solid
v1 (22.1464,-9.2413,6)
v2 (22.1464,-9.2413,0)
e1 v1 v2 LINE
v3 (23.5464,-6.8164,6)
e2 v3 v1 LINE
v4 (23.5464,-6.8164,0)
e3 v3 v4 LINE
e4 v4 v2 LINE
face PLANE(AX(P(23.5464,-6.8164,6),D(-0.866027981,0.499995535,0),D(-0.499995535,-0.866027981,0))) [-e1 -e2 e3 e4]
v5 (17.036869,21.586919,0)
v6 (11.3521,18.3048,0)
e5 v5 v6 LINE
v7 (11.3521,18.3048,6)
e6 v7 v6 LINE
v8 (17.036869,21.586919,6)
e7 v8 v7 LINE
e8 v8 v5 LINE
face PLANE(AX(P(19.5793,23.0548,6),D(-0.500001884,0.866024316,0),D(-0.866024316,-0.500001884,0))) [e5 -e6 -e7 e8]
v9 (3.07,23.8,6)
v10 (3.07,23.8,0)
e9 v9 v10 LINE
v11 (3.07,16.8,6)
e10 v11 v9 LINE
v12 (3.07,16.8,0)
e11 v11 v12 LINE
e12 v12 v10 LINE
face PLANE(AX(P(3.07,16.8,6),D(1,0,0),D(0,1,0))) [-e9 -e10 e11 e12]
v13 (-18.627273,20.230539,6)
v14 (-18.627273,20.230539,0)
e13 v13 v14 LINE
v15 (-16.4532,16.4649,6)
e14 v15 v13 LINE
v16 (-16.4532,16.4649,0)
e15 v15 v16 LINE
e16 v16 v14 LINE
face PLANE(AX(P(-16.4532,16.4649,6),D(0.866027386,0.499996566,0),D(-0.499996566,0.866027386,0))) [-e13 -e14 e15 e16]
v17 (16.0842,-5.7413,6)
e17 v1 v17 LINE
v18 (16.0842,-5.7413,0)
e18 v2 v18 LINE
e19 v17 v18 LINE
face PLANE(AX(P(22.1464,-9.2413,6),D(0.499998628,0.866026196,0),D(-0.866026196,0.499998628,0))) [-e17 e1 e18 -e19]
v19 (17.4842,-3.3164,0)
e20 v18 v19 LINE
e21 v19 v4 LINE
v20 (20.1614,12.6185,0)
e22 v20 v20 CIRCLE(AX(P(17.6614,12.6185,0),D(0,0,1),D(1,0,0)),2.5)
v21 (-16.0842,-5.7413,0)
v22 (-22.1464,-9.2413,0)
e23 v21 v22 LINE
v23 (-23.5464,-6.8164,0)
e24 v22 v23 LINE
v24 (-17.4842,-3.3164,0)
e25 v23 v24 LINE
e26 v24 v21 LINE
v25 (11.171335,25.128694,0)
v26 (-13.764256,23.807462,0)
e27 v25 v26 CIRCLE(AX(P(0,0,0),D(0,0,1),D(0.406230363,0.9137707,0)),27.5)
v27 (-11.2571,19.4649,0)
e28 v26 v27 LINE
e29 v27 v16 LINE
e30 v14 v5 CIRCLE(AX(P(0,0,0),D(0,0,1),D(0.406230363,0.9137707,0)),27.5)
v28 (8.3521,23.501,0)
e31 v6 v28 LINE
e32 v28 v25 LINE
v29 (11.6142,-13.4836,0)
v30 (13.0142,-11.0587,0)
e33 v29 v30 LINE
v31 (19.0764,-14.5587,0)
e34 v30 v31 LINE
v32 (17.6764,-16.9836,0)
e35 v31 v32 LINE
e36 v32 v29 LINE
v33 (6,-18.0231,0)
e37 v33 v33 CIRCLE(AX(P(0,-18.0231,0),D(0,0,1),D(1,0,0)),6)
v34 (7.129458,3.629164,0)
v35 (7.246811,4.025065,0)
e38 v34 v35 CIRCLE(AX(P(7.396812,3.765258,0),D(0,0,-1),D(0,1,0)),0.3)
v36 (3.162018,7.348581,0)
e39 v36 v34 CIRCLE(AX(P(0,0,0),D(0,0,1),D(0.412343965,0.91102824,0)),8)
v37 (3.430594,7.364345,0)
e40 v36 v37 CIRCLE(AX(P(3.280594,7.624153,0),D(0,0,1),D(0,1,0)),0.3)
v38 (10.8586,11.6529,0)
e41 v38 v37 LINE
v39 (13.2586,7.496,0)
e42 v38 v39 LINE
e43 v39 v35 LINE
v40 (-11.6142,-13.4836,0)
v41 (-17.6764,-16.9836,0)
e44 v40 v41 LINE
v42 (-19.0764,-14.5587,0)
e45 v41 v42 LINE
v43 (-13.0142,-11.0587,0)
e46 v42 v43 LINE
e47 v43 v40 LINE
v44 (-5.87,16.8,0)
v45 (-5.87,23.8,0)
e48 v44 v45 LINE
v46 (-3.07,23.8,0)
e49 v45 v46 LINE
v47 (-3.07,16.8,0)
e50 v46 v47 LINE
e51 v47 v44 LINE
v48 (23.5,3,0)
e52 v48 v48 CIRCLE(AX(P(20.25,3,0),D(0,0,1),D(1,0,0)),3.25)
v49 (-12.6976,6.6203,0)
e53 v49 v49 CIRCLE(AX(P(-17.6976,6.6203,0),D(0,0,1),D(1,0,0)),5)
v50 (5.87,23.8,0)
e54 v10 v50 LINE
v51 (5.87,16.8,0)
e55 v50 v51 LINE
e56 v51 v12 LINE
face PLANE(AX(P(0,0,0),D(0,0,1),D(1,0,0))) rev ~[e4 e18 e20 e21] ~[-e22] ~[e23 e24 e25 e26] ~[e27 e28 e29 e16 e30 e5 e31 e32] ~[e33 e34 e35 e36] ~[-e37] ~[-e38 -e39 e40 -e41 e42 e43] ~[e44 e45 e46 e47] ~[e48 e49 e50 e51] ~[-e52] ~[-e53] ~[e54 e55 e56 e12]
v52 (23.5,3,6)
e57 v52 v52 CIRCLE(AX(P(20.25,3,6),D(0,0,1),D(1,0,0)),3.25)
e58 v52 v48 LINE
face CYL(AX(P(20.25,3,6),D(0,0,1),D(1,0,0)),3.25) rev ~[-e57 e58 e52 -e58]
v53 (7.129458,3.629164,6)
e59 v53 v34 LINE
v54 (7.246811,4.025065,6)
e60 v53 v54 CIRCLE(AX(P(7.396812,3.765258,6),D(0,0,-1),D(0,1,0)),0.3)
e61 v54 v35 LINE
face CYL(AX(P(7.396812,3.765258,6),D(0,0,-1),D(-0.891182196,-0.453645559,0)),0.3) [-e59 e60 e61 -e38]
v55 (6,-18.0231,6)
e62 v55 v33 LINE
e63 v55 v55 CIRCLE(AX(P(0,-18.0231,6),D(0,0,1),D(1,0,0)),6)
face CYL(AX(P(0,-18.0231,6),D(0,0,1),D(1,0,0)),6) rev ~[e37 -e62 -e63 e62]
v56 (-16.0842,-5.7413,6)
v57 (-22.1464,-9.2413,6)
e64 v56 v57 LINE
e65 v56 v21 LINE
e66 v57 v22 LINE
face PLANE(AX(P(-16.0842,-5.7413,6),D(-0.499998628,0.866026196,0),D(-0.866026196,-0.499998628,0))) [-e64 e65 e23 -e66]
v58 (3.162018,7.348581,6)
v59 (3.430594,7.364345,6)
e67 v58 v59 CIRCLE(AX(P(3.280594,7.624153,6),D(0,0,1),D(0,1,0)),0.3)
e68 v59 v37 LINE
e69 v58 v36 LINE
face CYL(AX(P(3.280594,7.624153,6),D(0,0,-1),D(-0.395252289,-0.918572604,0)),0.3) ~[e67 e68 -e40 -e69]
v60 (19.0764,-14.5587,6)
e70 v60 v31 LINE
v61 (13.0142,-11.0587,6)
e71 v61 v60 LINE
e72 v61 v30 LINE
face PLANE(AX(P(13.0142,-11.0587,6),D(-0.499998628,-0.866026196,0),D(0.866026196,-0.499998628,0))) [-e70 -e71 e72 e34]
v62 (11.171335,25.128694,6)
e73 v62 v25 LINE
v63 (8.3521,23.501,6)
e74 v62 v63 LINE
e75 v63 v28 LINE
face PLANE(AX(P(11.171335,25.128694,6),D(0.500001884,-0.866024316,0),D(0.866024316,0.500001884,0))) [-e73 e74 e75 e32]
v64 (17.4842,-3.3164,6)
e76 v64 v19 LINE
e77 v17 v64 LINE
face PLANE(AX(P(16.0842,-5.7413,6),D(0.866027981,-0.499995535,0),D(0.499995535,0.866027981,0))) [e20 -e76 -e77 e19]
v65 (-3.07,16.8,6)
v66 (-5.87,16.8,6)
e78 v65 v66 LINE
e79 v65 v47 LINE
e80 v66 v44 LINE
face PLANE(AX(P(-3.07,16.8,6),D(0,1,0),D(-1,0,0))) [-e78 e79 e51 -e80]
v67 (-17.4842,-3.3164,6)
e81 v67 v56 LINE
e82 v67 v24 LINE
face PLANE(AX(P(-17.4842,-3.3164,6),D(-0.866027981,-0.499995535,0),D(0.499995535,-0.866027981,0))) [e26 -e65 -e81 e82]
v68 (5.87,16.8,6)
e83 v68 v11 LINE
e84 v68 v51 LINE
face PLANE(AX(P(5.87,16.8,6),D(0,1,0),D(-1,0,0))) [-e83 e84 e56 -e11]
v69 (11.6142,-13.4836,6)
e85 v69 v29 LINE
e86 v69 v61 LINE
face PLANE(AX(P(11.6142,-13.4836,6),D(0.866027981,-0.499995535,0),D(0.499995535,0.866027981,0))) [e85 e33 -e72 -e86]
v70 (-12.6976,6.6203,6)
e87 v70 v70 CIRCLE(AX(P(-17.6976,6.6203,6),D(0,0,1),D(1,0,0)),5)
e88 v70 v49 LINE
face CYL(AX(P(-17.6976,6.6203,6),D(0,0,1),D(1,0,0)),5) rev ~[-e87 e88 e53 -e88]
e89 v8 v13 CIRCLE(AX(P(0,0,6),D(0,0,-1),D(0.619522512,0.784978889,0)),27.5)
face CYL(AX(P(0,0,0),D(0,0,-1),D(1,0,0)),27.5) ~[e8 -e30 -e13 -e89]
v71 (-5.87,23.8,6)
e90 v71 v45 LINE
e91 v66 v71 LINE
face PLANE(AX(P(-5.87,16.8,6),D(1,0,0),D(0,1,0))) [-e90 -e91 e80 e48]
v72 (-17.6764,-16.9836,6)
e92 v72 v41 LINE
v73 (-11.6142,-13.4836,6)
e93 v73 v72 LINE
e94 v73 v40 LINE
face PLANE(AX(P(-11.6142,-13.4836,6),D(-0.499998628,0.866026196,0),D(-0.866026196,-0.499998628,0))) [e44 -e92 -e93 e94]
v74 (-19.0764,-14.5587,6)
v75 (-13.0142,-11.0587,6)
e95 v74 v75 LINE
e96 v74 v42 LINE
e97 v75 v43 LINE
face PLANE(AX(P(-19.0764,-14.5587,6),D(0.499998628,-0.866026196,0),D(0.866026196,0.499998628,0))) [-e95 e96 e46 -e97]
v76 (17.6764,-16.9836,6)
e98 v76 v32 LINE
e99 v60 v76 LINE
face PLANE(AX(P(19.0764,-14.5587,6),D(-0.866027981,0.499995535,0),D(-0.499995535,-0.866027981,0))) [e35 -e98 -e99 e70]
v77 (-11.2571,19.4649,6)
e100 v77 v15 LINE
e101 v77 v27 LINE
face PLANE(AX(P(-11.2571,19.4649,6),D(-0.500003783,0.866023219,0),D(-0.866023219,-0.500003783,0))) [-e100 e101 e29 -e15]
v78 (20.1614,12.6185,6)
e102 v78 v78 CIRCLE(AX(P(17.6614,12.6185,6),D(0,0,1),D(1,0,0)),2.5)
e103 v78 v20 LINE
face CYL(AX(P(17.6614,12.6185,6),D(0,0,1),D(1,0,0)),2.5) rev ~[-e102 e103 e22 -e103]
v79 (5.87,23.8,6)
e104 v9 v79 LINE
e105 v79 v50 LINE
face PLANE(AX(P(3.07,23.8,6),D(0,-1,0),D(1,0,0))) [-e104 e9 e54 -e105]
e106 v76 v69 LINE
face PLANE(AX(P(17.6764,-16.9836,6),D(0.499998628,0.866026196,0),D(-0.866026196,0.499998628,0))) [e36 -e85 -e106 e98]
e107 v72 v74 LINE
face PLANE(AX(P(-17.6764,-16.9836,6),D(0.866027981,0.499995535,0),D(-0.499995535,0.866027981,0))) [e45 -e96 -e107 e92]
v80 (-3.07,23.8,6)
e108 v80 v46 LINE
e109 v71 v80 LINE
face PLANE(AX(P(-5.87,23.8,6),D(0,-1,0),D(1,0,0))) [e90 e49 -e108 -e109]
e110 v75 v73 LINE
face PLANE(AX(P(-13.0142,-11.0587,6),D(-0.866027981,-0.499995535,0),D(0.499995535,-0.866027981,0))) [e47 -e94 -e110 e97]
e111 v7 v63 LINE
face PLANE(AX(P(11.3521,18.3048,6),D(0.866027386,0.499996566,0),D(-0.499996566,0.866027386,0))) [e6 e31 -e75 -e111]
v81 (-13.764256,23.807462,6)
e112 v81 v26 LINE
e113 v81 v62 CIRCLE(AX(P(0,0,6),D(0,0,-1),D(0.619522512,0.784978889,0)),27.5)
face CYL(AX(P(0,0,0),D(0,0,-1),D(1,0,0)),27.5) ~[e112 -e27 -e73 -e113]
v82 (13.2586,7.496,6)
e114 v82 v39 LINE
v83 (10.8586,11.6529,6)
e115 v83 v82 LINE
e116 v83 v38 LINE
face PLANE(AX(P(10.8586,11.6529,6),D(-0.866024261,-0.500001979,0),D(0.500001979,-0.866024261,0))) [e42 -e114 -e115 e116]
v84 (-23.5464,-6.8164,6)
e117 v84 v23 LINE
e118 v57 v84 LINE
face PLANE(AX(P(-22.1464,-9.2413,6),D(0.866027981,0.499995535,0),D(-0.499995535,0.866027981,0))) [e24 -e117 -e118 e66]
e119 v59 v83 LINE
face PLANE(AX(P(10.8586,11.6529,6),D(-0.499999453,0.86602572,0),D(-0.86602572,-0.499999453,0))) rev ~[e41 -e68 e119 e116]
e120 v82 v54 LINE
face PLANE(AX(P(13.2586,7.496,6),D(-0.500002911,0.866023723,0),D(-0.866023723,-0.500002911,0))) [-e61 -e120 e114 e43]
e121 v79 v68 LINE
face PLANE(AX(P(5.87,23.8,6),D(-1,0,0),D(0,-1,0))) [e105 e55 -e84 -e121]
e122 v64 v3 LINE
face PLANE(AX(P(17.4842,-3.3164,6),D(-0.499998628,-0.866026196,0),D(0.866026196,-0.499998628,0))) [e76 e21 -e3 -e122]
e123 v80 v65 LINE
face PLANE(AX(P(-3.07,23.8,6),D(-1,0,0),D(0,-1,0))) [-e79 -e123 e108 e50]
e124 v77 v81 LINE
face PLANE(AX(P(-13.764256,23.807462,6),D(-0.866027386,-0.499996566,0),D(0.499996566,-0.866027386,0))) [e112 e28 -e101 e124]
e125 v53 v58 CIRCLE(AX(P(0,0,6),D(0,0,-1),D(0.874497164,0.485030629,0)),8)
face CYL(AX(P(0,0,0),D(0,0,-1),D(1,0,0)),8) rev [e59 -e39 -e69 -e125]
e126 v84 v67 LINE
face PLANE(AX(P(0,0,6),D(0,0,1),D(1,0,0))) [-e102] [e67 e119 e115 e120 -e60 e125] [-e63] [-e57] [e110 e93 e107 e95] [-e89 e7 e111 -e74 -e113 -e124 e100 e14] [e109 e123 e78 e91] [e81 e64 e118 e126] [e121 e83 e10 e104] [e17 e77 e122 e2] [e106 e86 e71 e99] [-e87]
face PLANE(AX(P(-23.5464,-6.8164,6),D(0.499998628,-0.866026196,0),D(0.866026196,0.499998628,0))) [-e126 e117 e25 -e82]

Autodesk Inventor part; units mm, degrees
ref_plane "YZ Plane" through (0, 0, 0) normal (1, 0, 0) x (0, 1, 0)
ref_plane "XZ Plane" through (0, 0, 0) normal (0, 1, 0) x (-1, 0, 0)
ref_plane "XY Plane" through (0, 0, 0) normal (0, 0, 1) x (1, 0, 0)
sketch "Sketch2" plane through (0, 0, 0) normal (0, 0, 1) x (1, 0, 0)
  circle A0 centre (0, 0) radius 27.5
  circle A1 centre (0, 0) radius 8
  dimension "d0" = 55
  dimension "d1" = 16
extrude "Extrusion1" add sketch "Sketch2" along normal blind 6
sketch "Sketch3" plane through (0, 0, 6) normal (0, 0, 1) x (1, 0, 0)
  circle A0 centre (0, 0) radius 22.5 construction
  circle A1 centre (0, 0) radius 27.5 projected
  line L0 (-5.87, 23.8) -> (-3.07, 23.8)
  line L1 (-3.07, 23.8) -> (-3.07, 16.8)
  line L2 (-3.07, 16.8) -> (-5.87, 16.8)
  line L3 (-5.87, 16.8) -> (-5.87, 23.8)
  line L4 (0, 0) -> (0, 27.8091) construction
  line L5 (3.07, 23.8) -> (5.87, 23.8)
  line L6 (5.87, 23.8) -> (5.87, 16.8)
  line L7 (5.87, 16.8) -> (3.07, 16.8)
  line L8 (3.07, 16.8) -> (3.07, 23.8)
  line L9 (-17.6764, -16.9836) -> (-19.0764, -14.5587)
  line L10 (-19.0764, -14.5587) -> (-13.0142, -11.0587)
  line L11 (-13.0142, -11.0587) -> (-11.6142, -13.4836)
  line L12 (-11.6142, -13.4836) -> (-17.6764, -16.9836)
  line L13 (-22.1464, -9.2413) -> (-23.5464, -6.8164)
  line L14 (-23.5464, -6.8164) -> (-17.4842, -3.3164)
  line L15 (-17.4842, -3.3164) -> (-16.0842, -5.7413)
  line L16 (-16.0842, -5.7413) -> (-22.1464, -9.2413)
  line L17 (23.5464, -6.8164) -> (22.1464, -9.2413)
  line L18 (22.1464, -9.2413) -> (16.0842, -5.7413)
  line L19 (16.0842, -5.7413) -> (17.4842, -3.3164)
  line L20 (17.4842, -3.3164) -> (23.5464, -6.8164)
  line L21 (19.0764, -14.5587) -> (17.6764, -16.9836)
  line L22 (17.6764, -16.9836) -> (11.6142, -13.4836)
  line L23 (11.6142, -13.4836) -> (13.0142, -11.0587)
  line L24 (13.0142, -11.0587) -> (19.0764, -14.5587)
  line L25 (0, 27.5) -> (22.8099, 27.5) construction
  circle A2 centre (0, 0) radius 27.5 projected
  dimension "d4" = 5
  dimension "d5" = 2.8
  dimension "d6" = 7
  dimension "d9" = 2.8
  dimension "d10" = 7
  dimension "d12" = 3.07
  dimension "d13" = 3.07
  dimension "d16" = 360
  dimension "d20" = 3.7
extrude "Extrusion2" cut sketch "Sketch3" against normal blind 6 contours L0 L1 L2 L3 | L5 L6 L7 L8 | L9 L10 L11 L12 | L13 L14 L15 L16 | L17 L18 L19 L20 | L21 L22 L23 L24
sketch "Sketch7" plane through (0, 0, 6) normal (0, 0, 1) x (1, 0, 0)
  line L0 (19.5793, 23.0548) -> (11.3521, 18.3048)
  line L1 (11.3521, 18.3048) -> (8.3521, 23.501)
  line L2 (8.3521, 23.501) -> (16.5793, 28.251)
  line L3 (16.5793, 28.251) -> (19.5793, 23.0548)
  line L4 (23.5464, -6.8164) -> (5.87, 23.8) construction
  line L5 (5.87, 23.8) -> (16.4282, 29.8958) construction
  arc A0 (27.5, 0) -> (27.5, 0) centre (0, 0) ccw projected
  dimension "d16" = 360
  dimension "d59" = 6
  dimension "d60" = 9.5
  dimension "d100" = 2
  dimension "d101" = 1.5
extrude "Extrusion6" cut sketch "Sketch7" against normal blind 10 contours L0 A0 L2 L3 | L0 L1 L2 A0 picked at (10.9756, 21.9728)
sketch "Sketch6" plane through (0, 0, 6) normal (0, 0, 1) x (1, 0, 0)
  line L0 (23.5464, -6.8164) -> (5.87, 23.8) construction
  line L1 (-16.4532, 16.4649) -> (-19.4532, 21.6611)
  line L2 (-19.4532, 21.6611) -> (-14.2571, 24.6611)
  line L3 (-14.2571, 24.6611) -> (-11.2571, 19.4649)
  line L4 (-11.2571, 19.4649) -> (-16.4532, 16.4649)
  line L5 (-5.87, 16.8) -> (-5.87, 23.8) projected
  line L6 (-5.87, 23.8) -> (-7.957, 25.0049) construction
  line L7 (-23.5464, -6.8164) -> (-5.87, 23.8) construction
  circle A0 centre (0, 0) radius 27.5 projected
  line L8 (10.8586, 11.6529) -> (13.2586, 7.496)
  circle A1 centre (0, 0) radius 8 projected
  line L9 (5.87, 23.8) -> (-0.452, 20.15) construction
  line L10 (13.2586, 7.496) -> (0.9452, 0.3868)
  line L11 (10.8586, 11.6529) -> (-2.1318, 4.1529)
  line L12 (-2.1318, 4.1529) -> (0.9452, 0.3868)
  line L13 (17.0369, 21.5869) -> (11.3521, 18.3048) projected
  line L14 (11.3521, 18.3048) -> (8.3521, 23.501) projected
  dimension "d47" = 6
  dimension "d48" = 6
  dimension "d71" = 4.8
  dimension "d84" = 15.2302
  dimension "d96" = 14.2183
  dimension "d97" = 15
  dimension "d102" = 5.514
  dimension "d103" = 12.3093
  dimension "d104" = 19
extrude "Extrusion7" cut sketch "Sketch6" against normal blind 10 contours L1 A0 L3 L4 | L1 L2 L3 A0 | L8 L10 A1 L11 | A1 L10 L12 L11 picked at (-14.9352, 19.1568) picked at (0.7041, 3.9426)
fillet "Fillet4" radius 0.3 2 edges at (3.2988, 7.2882, 3) (6.996, 3.8802, 3)
sketch "Sketch13" plane through (0, 0, 6) normal (0, 0, 1) x (1, 0, 0)
  circle A0 centre (0, -18.0231) radius 6
  circle A1 centre (-17.6976, 6.6203) radius 5
  circle A2 centre (20.25, 3) radius 3.25
  circle A3 centre (17.6614, 12.6185) radius 2.5
  line L0 (-11.6142, -13.4836) -> (-17.6764, -16.9836) projected
  line L1 (17.6764, -16.9836) -> (11.6142, -13.4836) projected
  line L2 (-23.5464, -6.8164) -> (-17.4842, -3.3164) projected
  line L3 (-5.87, 16.8) -> (-5.87, 23.8) projected
  line L4 (-16.4532, 16.4649) -> (-18.6273, 20.2305) projected
  point P0 (0, 0)
  dimension "d146" = 12
  dimension "d147" = 6.5
  dimension "d148" = 10
  dimension "d151" = 5
  dimension "d154" = 9.7385
  dimension "d155" = 9.7385
  dimension "d156" = 8.7122
  dimension "d158" = 6
extrude "Extrusion16" cut sketch "Sketch13" against normal blind 10
properties part number "Gripper V 10.0 base 6mm"
